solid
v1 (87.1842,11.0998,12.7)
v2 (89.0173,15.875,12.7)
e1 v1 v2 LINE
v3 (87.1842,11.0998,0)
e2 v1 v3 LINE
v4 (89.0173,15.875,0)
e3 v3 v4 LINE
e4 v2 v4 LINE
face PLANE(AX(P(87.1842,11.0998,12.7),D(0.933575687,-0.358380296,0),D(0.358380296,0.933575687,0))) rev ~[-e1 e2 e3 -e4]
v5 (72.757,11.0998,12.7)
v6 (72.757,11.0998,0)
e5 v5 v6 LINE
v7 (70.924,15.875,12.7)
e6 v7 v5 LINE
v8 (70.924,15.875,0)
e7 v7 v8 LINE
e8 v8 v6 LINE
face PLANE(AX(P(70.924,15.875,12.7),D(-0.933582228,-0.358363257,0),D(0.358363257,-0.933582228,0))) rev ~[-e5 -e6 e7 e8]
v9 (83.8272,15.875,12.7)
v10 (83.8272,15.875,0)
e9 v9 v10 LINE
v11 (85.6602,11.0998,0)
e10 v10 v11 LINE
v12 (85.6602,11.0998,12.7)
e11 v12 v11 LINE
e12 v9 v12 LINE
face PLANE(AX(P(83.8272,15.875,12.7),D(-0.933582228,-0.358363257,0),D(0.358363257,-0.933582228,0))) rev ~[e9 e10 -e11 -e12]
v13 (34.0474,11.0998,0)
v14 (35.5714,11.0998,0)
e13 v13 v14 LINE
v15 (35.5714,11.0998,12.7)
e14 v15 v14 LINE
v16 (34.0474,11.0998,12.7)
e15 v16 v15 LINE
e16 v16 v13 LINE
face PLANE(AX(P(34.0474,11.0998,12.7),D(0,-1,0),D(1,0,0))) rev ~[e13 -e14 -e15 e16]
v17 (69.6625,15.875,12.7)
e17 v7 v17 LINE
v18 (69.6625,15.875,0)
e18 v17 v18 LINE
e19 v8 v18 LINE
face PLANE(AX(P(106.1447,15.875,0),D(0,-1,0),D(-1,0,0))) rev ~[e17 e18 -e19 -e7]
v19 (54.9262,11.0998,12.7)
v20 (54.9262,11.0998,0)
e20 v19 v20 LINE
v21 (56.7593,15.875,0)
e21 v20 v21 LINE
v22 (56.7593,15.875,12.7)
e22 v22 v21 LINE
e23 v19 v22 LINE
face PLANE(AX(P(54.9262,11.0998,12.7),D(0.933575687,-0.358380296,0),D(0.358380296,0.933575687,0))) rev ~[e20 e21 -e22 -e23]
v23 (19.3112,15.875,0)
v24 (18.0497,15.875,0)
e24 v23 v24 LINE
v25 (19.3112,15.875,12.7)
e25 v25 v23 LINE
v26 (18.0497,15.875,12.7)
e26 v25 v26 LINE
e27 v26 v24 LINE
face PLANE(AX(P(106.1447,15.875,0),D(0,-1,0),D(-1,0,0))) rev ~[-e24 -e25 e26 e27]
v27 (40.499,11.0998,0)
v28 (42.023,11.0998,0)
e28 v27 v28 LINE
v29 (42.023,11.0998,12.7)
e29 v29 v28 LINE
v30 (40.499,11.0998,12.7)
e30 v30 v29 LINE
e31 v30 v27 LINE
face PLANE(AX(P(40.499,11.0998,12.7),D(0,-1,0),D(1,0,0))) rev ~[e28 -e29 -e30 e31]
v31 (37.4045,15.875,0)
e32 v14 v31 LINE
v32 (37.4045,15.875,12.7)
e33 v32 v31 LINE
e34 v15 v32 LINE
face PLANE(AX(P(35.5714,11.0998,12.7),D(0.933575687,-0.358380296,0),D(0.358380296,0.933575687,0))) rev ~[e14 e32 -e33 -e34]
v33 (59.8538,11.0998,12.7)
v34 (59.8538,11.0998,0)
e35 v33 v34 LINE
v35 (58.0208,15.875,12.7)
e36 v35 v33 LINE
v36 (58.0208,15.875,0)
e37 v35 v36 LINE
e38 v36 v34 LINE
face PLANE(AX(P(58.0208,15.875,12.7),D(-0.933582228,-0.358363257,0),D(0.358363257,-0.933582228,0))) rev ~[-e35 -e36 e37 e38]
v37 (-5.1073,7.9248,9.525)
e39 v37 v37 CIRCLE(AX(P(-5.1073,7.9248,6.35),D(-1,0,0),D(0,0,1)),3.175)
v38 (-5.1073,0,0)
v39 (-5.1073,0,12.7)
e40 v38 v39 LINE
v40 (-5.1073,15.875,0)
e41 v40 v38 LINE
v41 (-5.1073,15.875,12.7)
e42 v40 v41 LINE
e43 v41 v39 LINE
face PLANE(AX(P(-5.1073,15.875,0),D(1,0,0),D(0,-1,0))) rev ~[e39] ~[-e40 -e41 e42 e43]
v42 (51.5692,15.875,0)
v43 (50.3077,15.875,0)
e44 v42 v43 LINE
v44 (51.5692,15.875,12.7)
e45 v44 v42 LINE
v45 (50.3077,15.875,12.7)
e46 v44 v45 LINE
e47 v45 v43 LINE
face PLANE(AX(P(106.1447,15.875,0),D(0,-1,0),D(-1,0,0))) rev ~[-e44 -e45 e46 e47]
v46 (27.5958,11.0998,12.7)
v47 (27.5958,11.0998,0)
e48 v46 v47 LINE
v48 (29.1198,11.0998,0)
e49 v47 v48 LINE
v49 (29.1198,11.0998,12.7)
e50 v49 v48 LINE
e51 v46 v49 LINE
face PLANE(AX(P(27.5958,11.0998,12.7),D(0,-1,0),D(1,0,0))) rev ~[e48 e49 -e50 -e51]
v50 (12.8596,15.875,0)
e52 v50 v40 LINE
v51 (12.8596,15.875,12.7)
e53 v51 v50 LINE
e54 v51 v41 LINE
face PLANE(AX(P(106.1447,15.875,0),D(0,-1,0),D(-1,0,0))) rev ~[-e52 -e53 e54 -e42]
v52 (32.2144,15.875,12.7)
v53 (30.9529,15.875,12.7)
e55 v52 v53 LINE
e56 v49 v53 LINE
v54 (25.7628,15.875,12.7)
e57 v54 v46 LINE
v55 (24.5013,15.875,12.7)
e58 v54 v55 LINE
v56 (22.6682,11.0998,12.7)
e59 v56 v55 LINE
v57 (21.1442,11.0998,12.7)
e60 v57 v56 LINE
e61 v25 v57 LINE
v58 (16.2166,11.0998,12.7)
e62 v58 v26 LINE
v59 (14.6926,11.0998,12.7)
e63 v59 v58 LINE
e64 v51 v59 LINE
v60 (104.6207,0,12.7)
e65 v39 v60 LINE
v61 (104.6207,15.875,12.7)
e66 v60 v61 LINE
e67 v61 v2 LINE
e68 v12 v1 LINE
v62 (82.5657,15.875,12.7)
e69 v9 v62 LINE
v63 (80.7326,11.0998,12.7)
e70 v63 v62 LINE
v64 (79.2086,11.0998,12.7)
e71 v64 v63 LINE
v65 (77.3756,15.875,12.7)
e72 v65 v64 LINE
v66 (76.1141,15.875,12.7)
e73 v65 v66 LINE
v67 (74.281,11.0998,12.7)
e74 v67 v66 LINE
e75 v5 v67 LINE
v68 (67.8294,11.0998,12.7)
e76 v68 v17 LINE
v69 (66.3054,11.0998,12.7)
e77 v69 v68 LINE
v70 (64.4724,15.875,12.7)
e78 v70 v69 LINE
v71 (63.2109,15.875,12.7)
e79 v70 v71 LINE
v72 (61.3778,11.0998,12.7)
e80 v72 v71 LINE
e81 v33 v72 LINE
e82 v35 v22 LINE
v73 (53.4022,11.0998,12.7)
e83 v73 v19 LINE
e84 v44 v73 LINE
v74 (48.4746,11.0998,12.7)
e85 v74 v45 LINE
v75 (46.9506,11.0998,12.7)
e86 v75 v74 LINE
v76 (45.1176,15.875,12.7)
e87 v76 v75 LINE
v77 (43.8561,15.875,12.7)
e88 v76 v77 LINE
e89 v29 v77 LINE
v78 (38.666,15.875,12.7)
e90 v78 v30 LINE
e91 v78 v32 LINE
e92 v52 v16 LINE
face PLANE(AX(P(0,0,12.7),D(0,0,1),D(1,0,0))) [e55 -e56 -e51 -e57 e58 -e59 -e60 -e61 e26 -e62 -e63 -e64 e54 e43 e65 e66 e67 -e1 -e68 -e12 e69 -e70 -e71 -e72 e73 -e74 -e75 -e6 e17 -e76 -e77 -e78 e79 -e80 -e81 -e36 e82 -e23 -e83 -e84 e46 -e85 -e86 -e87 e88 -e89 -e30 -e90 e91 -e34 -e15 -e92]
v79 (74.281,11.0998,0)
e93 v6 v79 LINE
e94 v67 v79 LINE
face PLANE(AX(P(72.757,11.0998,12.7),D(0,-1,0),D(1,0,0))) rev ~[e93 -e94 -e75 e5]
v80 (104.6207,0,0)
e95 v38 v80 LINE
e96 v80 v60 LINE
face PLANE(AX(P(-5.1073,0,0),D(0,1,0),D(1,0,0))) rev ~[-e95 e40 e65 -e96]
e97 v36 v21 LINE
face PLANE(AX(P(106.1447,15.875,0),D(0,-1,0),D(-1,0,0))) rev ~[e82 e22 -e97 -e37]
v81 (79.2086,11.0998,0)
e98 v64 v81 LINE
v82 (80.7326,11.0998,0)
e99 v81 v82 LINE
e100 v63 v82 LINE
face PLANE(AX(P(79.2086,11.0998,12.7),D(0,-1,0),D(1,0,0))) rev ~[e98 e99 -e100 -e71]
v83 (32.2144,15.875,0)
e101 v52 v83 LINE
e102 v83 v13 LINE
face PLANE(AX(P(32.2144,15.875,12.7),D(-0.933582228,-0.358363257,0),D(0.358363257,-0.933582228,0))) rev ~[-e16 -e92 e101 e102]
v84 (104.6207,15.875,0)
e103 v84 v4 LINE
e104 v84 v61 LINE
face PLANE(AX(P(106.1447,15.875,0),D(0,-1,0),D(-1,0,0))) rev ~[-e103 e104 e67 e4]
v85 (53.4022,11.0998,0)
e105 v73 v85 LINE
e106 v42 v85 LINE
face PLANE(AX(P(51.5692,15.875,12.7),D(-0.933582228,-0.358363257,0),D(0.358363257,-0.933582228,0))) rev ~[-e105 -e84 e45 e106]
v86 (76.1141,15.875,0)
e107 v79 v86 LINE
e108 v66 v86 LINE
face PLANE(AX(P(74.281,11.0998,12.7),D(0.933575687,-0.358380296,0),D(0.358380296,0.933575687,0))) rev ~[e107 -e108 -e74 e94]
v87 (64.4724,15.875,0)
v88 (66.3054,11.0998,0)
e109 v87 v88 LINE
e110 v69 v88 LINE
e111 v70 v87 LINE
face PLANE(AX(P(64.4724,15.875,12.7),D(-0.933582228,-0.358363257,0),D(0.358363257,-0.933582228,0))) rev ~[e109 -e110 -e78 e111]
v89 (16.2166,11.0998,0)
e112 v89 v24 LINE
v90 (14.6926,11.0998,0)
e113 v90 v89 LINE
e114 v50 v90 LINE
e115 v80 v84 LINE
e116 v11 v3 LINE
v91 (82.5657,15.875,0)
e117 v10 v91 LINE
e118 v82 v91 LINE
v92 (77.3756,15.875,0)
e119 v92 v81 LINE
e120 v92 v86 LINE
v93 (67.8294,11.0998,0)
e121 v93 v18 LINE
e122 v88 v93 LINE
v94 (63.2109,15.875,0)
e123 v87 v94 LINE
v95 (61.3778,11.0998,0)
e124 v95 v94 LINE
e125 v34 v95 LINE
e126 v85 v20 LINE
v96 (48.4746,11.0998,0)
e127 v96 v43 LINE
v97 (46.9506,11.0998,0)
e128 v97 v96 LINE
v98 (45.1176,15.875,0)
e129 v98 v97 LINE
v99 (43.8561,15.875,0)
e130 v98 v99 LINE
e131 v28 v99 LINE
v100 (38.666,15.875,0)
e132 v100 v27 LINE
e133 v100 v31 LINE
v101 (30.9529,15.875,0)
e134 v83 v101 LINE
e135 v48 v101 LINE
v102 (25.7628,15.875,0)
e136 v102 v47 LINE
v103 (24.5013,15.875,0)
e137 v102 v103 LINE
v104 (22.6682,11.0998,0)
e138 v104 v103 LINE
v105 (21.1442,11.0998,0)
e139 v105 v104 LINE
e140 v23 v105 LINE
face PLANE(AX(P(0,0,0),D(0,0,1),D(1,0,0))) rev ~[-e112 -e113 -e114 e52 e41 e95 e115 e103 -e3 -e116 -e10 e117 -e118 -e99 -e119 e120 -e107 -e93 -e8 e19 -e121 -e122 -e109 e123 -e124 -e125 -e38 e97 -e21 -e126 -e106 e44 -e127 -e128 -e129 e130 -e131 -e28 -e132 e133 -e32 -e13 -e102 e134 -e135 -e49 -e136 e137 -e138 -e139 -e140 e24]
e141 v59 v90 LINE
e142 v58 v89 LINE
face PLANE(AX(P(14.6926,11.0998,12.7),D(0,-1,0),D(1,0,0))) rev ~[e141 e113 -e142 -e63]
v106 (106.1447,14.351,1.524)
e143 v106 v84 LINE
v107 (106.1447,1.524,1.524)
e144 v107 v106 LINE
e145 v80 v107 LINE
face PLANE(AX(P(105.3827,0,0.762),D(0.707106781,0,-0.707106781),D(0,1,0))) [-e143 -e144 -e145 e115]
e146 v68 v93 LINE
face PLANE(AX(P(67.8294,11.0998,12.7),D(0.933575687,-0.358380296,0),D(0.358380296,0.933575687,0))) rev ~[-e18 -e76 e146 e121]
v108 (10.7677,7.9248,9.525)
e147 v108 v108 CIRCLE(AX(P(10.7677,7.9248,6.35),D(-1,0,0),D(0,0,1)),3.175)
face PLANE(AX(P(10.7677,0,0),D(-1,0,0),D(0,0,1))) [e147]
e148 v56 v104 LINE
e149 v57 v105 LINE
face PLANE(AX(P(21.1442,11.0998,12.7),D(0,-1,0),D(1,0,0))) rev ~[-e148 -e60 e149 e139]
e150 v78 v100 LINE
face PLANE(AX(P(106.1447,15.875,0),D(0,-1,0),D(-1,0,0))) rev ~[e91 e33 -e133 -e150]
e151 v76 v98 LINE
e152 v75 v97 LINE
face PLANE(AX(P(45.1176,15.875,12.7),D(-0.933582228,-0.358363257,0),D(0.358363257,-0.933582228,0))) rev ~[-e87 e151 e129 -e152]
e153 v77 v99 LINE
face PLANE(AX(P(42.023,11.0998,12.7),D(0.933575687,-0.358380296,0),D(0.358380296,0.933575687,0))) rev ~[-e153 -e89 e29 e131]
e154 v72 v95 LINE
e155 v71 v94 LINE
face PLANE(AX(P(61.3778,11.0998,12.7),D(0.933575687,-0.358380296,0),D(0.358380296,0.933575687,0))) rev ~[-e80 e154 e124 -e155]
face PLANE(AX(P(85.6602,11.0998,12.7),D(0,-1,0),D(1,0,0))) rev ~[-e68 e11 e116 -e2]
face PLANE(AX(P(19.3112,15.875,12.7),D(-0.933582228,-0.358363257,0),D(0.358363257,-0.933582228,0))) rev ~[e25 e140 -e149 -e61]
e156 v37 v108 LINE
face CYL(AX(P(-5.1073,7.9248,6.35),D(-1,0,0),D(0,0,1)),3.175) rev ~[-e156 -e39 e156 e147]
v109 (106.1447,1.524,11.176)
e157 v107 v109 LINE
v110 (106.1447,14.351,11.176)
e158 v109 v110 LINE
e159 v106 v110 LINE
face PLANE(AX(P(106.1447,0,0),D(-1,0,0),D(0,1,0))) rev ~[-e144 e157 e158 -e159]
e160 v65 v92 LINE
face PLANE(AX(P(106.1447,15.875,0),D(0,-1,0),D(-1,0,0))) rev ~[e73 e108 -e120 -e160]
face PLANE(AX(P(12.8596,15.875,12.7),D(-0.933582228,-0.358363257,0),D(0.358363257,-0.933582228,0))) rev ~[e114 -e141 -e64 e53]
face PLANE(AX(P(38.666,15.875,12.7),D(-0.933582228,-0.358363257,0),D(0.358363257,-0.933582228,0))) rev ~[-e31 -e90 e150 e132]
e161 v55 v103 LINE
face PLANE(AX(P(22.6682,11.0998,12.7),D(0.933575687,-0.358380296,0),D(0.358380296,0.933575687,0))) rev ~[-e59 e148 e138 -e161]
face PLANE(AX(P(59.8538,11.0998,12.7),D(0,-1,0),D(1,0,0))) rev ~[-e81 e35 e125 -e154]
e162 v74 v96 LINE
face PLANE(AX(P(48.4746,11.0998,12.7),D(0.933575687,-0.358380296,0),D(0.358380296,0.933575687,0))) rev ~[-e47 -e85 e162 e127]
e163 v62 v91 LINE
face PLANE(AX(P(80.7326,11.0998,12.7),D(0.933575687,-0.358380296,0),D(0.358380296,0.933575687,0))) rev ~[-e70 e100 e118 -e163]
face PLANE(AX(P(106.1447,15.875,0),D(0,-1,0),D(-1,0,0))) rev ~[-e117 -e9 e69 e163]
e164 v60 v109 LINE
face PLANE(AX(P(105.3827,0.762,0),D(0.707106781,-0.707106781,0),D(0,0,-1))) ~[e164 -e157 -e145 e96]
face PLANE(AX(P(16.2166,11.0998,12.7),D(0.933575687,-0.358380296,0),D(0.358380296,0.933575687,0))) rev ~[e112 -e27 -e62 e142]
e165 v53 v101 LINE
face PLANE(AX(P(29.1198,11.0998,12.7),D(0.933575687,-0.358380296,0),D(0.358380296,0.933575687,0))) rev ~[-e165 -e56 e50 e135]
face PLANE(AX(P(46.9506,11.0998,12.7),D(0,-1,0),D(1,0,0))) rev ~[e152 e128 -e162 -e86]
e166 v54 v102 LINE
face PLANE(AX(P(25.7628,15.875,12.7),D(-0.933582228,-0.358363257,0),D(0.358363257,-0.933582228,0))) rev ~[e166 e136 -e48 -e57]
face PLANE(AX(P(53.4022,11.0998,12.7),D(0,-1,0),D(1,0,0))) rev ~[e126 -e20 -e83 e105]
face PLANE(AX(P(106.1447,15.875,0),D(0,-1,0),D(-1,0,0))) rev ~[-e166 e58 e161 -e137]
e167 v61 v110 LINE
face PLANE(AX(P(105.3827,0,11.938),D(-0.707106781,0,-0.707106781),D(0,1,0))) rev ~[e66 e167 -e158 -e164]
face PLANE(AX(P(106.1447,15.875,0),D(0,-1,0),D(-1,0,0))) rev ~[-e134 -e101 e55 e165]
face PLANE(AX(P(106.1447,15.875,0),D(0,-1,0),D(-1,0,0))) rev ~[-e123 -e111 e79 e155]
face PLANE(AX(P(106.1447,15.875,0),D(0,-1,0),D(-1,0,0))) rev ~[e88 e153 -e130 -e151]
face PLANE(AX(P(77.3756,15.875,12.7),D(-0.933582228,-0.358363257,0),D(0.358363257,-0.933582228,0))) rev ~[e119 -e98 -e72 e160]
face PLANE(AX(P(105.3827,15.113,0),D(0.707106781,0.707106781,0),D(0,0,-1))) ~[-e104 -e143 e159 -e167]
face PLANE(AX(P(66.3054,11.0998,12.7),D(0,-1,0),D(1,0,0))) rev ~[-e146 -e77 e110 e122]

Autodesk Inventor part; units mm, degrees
ref_plane "YZ Plane" through (0, 0, 0) normal (1, 0, 0) x (0, 1, 0)
ref_plane "XZ Plane" through (0, 0, 0) normal (0, 1, 0) x (-1, 0, 0)
ref_plane "XY Plane" through (0, 0, 0) normal (0, 0, 1) x (1, 0, 0)
sketch "Sketch1" plane through (0, 0, 0) normal (0, 0, 1) x (1, 0, 0)
  line L0 (-5.1073, 0) -> (106.1447, 0)
  line L1 (106.1447, 0) -> (106.1447, 15.875)
  line L2 (106.1447, 15.875) -> (-5.1073, 15.875)
  line L3 (-5.1073, 15.875) -> (-5.1073, 0)
  point P0 (0, 0)
  dimension "d0" = 111.252
  dimension "d1" = 15.875
extrude "Extrusion1" add sketch "Sketch1" along normal blind 12.7
sketch "Sketch2" plane through (0, 0, 12.7) normal (0, 0, 1) x (1, 0, 0)
  line L0 (106.1447, 15.875) -> (-5.1073, 15.875) projected
  line L1 (12.8596, 15.875) -> (14.6926, 11.0998)
  line L2 (-5.1073, 0) -> (106.1447, 0) projected
  line L3 (14.6926, 11.0998) -> (16.2166, 11.0998)
  line L4 (16.2166, 11.0998) -> (18.0497, 15.875)
  point P0 (0, 0)
  dimension "d4" = 17.9669
  dimension "d5" = 11.0998
  dimension "d6" = 11.0998
  dimension "d10" = 42
  dimension "d11" = 1.524
extrude "Extrusion2" cut sketch "Sketch2" against normal blind 12.7
pattern_linear "Rectangular Pattern1" count 12 spacing 6.4516 along (1, 0, 0) of "Extrusion2"
chamfer "Chamfer1" distance 1.524 angle 45 4 edges at (106.1447, 7.9375, 12.7) (106.1447, 15.875, 6.35) (106.1447, 7.9375, 0) (106.1447, 0, 6.35)
sketch "Sketch3" plane through (-5.1073, 0, 0) normal (-1, 0, 0) x (0, 0, 1)
  circle A0 centre (6.35, 7.9248) radius 3.175
  line L0 (0, 15.875) -> (12.7, 15.875) projected
  line L1 (0, 15.875) -> (0, 0) projected
  dimension "d20" = 6.35
  dimension "d21" = 7.9502
  dimension "d22" = 6.35
extrude "Extrusion3" cut sketch "Sketch3" against normal blind 15.875
properties part number "Gear Rack" material "Stainless Steel"
